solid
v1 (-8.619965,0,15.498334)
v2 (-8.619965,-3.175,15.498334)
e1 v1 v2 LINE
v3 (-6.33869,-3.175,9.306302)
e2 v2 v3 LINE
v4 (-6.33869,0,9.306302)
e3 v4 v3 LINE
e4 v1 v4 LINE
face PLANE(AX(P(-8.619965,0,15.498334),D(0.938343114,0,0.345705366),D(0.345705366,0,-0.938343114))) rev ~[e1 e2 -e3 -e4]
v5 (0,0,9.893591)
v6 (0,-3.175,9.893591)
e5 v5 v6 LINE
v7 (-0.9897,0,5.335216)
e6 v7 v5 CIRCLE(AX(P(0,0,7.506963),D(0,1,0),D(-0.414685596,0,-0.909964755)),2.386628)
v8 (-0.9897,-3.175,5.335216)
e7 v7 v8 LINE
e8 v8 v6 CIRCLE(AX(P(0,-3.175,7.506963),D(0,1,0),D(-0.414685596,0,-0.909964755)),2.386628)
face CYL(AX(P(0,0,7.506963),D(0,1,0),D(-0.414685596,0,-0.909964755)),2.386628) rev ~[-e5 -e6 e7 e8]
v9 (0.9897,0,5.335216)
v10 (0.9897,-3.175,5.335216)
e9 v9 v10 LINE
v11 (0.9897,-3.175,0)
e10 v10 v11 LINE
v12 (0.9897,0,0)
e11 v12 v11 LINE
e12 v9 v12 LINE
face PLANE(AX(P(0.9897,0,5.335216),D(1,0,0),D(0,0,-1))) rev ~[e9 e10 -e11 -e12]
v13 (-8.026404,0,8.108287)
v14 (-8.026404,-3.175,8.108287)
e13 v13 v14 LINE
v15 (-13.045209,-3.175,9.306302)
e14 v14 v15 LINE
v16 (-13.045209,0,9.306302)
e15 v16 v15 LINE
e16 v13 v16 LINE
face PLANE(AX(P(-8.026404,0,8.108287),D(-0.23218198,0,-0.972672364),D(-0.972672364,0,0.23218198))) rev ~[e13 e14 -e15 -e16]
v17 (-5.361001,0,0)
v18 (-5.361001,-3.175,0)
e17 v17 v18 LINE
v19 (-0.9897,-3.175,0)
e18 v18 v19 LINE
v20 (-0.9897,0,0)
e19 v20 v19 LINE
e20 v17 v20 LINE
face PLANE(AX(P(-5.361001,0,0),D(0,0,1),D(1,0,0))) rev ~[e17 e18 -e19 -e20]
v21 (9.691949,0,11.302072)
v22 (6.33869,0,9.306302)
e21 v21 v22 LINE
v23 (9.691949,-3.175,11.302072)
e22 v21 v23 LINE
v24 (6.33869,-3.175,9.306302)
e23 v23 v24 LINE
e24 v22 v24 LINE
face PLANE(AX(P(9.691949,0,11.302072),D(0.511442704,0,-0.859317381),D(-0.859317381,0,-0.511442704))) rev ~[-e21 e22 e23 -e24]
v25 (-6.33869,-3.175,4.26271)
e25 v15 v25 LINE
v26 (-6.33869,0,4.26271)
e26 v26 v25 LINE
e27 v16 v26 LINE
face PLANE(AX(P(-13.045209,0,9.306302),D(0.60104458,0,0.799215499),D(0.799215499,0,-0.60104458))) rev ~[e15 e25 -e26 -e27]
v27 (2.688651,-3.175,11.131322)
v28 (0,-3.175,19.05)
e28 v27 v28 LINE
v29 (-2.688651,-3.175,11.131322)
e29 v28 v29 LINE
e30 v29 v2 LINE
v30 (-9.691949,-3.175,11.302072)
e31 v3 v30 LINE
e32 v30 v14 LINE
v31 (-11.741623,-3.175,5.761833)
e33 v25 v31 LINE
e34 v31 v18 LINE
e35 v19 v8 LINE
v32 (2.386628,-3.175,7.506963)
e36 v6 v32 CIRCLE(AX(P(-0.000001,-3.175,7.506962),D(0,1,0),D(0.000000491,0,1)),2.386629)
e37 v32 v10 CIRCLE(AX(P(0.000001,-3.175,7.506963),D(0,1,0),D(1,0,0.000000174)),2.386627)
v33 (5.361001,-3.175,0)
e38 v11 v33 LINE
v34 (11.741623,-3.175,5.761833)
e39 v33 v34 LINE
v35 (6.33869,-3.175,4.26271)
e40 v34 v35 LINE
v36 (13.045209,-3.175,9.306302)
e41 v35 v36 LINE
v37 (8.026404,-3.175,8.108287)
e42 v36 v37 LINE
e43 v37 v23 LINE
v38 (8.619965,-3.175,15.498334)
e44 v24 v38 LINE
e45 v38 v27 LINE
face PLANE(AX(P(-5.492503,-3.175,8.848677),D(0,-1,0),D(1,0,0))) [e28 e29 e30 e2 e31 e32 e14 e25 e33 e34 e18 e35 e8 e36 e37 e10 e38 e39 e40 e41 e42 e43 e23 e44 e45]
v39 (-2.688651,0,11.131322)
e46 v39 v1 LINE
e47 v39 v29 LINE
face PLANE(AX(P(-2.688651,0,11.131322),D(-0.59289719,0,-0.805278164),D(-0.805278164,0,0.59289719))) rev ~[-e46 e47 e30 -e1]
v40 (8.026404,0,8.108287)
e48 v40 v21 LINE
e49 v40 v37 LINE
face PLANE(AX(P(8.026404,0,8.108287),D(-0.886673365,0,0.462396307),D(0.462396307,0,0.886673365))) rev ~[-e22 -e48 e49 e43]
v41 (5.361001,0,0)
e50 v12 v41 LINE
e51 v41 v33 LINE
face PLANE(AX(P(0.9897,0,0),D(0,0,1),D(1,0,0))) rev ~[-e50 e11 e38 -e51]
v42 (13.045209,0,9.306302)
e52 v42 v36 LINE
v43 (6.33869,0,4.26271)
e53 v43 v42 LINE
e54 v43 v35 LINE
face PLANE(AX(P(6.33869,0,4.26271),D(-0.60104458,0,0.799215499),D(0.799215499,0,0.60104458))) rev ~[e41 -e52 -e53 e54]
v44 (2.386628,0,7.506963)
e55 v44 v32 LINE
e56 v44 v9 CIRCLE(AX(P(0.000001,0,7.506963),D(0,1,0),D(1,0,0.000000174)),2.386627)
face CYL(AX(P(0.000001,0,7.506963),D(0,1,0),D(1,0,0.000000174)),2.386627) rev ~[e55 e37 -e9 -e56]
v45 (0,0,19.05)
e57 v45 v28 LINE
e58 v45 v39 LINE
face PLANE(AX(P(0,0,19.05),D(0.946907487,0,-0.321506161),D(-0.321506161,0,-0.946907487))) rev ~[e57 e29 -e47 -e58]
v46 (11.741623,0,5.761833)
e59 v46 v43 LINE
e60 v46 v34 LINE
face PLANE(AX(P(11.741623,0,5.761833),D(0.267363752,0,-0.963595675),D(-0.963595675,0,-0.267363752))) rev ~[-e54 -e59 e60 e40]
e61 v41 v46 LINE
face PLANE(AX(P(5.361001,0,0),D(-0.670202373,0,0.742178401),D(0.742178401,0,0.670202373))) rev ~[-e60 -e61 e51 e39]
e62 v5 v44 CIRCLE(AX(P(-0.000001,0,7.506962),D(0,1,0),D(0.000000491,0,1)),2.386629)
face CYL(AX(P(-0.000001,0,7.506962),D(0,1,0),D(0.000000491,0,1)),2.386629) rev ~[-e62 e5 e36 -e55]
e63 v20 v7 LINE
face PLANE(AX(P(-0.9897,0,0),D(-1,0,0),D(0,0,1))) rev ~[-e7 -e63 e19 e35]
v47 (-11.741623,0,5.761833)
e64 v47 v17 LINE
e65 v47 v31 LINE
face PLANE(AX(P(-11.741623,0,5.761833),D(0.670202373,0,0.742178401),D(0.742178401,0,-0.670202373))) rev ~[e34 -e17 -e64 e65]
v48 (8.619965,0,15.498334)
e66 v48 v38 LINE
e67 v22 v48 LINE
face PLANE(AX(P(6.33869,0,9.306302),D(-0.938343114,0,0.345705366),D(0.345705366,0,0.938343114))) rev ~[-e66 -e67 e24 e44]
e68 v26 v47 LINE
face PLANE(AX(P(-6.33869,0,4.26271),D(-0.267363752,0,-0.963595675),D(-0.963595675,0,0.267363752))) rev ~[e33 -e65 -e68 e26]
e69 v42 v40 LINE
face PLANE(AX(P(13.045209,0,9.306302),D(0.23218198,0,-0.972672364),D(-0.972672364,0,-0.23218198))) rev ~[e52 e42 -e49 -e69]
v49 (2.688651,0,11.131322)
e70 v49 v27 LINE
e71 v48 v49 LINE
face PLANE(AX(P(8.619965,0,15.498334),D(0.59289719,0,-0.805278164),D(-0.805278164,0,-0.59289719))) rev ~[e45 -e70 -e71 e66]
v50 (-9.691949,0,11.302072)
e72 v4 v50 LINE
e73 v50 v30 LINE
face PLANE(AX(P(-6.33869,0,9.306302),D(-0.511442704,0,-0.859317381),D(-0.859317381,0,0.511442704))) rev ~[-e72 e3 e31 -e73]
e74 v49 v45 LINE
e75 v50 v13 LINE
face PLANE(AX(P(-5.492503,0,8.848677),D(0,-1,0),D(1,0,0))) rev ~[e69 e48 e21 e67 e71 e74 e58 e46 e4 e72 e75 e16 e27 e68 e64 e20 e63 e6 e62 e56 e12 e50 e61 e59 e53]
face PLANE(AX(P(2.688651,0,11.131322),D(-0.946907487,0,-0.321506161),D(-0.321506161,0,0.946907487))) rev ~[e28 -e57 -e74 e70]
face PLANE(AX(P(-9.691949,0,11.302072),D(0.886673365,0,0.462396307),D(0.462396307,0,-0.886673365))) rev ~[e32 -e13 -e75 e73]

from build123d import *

# Parameters (mm, degrees)
F1_DEPTH = 3.175


with BuildPart() as f1:
    # F0 (on Front) → F1 (new body)
    with BuildSketch(Plane.XZ):
        with BuildLine():
            Line((-5.361001, 0), (-0.9897, 0))
            Line((-0.9897, 0), (-0.9897, 5.335216))
            ThreePointArc((-0.9897, 5.335216), (-2.332289, 8.013342), (0, 9.893591))
            Line((0, 9.893591), (0, 19.05))
            Line((0, 19.05), (-2.688651, 11.131322))
            Line((-2.688651, 11.131322), (-8.619965, 15.498334))
            Line((-8.619965, 15.498334), (-6.33869, 9.306302))
            Line((-6.33869, 9.306302), (-9.691949, 11.302072))
            Line((-9.691949, 11.302072), (-8.026404, 8.108287))
            Line((-8.026404, 8.108287), (-13.045209, 9.306302))
            Line((-13.045209, 9.306302), (-6.33869, 4.26271))
            Line((-6.33869, 4.26271), (-11.741623, 5.761833))
            Line((-11.741623, 5.761833), (-5.361001, 0))
        make_face()
        with BuildLine():
            Line((0.9897, 5.335216), (0.9897, 0))
            Line((0.9897, 0), (5.361001, 0))
            Line((5.361001, 0), (11.741623, 5.761833))
            Line((11.741623, 5.761833), (6.33869, 4.26271))
            Line((6.33869, 4.26271), (13.045209, 9.306302))
            Line((13.045209, 9.306302), (8.026404, 8.108287))
            Line((8.026404, 8.108287), (9.691949, 11.302072))
            Line((9.691949, 11.302072), (6.33869, 9.306302))
            Line((6.33869, 9.306302), (8.619965, 15.498334))
            Line((8.619965, 15.498334), (2.688651, 11.131322))
            Line((2.688651, 11.131322), (0, 19.05))
            Line((0, 19.05), (0, 9.893591))
            ThreePointArc((0, 9.893591), (1.687601, 9.194563), (2.386628, 7.506963))
            ThreePointArc((2.386628, 7.506963), (2.007242, 6.21585), (0.9897, 5.335216))
        make_face()
    extrude(amount=F1_DEPTH)


solid = f1.part
